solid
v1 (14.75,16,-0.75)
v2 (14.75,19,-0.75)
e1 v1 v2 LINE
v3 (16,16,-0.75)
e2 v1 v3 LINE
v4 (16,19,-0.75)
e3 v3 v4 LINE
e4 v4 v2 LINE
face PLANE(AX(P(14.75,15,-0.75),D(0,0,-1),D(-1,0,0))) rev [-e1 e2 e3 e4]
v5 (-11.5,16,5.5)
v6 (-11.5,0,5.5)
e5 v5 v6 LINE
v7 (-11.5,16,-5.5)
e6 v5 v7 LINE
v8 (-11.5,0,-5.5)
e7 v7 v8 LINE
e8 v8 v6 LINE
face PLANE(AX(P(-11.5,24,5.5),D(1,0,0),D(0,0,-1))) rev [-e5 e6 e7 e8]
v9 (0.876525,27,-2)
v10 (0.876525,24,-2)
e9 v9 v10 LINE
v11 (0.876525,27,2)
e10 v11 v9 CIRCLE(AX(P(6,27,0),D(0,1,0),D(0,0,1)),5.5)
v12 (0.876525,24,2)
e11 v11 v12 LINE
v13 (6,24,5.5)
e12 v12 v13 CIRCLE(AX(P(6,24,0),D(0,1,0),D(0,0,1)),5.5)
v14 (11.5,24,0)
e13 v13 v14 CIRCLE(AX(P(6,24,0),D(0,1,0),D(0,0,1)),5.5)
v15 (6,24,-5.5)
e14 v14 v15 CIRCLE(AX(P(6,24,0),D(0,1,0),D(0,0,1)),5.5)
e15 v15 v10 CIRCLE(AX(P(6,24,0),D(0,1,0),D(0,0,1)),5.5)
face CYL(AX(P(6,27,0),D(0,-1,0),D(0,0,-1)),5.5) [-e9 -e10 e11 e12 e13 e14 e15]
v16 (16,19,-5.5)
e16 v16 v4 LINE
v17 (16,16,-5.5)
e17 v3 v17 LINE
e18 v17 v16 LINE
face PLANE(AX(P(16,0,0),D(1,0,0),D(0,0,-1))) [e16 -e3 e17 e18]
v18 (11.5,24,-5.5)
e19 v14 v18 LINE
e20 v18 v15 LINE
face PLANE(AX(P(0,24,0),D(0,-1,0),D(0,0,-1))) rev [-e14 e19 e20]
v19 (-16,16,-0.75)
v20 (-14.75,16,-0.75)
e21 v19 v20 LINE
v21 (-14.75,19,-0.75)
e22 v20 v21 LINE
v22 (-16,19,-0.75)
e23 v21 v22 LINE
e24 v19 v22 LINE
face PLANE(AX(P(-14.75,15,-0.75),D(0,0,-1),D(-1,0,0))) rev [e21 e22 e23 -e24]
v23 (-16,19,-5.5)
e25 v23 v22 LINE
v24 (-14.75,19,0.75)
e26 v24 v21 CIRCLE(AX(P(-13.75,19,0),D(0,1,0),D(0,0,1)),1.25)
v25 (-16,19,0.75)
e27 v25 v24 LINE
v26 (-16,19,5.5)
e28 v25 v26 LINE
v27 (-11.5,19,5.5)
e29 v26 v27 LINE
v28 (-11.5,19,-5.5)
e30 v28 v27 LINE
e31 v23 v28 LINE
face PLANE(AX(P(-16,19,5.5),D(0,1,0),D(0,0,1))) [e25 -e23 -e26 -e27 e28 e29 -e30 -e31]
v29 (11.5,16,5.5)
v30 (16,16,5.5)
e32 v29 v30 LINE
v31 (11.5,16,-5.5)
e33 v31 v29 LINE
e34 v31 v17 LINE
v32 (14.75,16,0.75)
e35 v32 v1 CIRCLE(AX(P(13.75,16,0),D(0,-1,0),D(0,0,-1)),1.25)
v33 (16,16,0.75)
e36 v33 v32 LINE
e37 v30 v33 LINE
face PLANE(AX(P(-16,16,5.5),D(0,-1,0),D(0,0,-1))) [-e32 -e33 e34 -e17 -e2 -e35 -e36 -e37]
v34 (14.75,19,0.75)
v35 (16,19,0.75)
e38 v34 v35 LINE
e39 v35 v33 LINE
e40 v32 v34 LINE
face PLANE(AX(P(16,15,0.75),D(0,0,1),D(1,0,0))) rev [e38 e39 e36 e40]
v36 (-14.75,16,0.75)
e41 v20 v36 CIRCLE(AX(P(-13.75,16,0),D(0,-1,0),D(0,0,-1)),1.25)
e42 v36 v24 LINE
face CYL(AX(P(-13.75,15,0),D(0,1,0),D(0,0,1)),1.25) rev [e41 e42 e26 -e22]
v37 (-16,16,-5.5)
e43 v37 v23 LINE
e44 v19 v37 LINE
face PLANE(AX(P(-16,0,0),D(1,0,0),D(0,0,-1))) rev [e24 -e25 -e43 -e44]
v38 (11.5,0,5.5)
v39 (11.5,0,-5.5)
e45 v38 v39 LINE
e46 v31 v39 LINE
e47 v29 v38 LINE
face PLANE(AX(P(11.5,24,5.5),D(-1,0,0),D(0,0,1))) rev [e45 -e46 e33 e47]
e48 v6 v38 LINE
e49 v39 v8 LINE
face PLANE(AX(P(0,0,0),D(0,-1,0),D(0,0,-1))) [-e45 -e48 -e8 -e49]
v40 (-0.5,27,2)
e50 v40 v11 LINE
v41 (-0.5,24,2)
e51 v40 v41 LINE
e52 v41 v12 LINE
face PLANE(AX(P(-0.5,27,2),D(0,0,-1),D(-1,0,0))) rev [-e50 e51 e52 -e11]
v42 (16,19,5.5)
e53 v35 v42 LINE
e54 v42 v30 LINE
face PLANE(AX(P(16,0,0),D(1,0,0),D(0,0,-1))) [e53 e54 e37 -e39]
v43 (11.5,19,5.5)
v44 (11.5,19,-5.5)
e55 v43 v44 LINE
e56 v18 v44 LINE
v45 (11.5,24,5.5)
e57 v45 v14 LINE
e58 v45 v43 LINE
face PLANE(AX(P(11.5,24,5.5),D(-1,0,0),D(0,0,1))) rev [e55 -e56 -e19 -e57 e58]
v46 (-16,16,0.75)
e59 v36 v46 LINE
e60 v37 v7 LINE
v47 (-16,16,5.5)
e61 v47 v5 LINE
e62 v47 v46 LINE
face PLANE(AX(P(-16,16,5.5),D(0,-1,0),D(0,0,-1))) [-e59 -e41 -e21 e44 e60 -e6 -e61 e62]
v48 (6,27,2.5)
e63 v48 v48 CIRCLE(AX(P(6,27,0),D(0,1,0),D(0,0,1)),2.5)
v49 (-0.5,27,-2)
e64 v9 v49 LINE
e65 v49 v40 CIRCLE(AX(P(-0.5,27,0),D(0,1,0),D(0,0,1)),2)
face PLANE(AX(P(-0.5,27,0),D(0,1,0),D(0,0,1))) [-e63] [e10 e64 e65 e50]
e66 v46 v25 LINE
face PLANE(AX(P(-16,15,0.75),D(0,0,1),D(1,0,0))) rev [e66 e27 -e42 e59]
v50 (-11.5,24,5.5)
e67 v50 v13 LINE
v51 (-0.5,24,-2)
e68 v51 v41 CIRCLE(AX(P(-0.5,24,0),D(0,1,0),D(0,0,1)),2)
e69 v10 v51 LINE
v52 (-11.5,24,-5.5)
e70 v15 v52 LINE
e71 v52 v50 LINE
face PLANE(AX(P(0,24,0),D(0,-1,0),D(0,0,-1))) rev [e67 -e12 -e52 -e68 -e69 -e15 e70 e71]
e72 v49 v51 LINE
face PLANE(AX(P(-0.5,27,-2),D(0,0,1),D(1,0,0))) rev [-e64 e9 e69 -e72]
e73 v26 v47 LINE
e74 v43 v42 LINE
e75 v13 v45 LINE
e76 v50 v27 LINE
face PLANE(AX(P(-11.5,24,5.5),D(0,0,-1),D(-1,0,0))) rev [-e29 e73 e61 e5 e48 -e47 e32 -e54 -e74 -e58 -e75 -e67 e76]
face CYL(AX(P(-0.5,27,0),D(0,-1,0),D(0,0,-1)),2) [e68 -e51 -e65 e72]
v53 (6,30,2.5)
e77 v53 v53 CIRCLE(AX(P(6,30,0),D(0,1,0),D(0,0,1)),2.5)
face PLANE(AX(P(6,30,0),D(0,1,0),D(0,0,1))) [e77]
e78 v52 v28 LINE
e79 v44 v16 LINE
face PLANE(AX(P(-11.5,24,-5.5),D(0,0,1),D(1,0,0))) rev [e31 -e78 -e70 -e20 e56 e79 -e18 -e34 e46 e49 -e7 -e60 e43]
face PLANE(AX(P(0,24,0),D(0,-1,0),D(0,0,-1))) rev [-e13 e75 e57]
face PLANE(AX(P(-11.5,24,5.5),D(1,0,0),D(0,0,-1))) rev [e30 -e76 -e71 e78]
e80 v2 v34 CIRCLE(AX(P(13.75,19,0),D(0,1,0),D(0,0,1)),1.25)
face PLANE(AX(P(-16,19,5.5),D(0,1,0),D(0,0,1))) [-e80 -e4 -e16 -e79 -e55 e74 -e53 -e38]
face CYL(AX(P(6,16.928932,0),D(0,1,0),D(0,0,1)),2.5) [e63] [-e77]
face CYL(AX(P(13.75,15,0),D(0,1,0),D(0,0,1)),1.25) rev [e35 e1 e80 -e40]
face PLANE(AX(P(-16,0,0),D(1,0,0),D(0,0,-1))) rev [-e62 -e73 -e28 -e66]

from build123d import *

# Parameters (mm, degrees)
SKETCH1_W                = 23
SKETCH1_H                = 11
BOSS_EXTRUDE1_DEPTH      = 24
SKETCH2_W                = 11
SKETCH2_H                = 3
BOSS_EXTRUDE2_DEPTH      = 4.5
BOSS_EXTRUDE2_DEPTH_BACK = 27.5
SKETCH3_R                = 2.5
BOSS_EXTRUDE3_DEPTH      = 3
SKETCH4_R                = 2.5
BOSS_EXTRUDE4_DEPTH      = 3
BOSS_EXTRUDE4_DEPTH_BACK = 27
CUT_EXTRUDE1_DEPTH       = 4


with BuildPart() as part:
    # Sketch1 → Boss-Extrude1 (new body)
    with BuildSketch(Plane(origin=(0, 0, 0), x_dir=(1, 0, 0), z_dir=(0, 1, 0))):
        Rectangle(SKETCH1_W, SKETCH1_H)
    extrude(amount=BOSS_EXTRUDE1_DEPTH)

    # Sketch2 → Boss-Extrude2 (add, two sides)
    with BuildSketch(Plane(origin=(11.5, 0, 0), x_dir=(0, 0, -1), z_dir=(1, 0, 0))) as boss_extrude2_sk:
        with Locations((0, 17.5)):
            Rectangle(SKETCH2_W, SKETCH2_H)
    extrude(amount=BOSS_EXTRUDE2_DEPTH)
    extrude(boss_extrude2_sk.sketch, amount=-BOSS_EXTRUDE2_DEPTH_BACK)

    # Sketch3 → Boss-Extrude3 (add)
    with BuildSketch(Plane(origin=(0, 24, 0), x_dir=(1, 0, 0), z_dir=(0, 1, 0))):
        with BuildLine():
            Line((-0.5, 2), (0.876524617, 2))
            ThreePointArc((0.876524617, 2), (11.5, 0), (0.876524617, -2))
            Line((0.876524617, -2), (-0.5, -2))
            ThreePointArc((-0.5, -2), (-2.5, 0), (-0.5, 2))
        make_face()
        with Locations((6, 0)):
            Circle(SKETCH3_R, mode=Mode.SUBTRACT)
    extrude(amount=BOSS_EXTRUDE3_DEPTH)

    # Sketch4 → Boss-Extrude4 (add, two sides)
    with BuildSketch(Plane(origin=(0, 27, 0), x_dir=(1, 0, 0), z_dir=(0, 1, 0))) as boss_extrude4_sk:
        with Locations((6, 0)):
            Circle(SKETCH4_R)
    extrude(amount=BOSS_EXTRUDE4_DEPTH)
    extrude(boss_extrude4_sk.sketch, amount=-BOSS_EXTRUDE4_DEPTH_BACK)

    # Sketch5 → Cut-Extrude1 (cut)
    with BuildSketch(Plane(origin=(0, 19, 0), x_dir=(1, 0, 0), z_dir=(0, 1, 0))):
        with BuildLine():
            Line((-16, -0.75), (-14.75, -0.75))
            ThreePointArc((-14.75, -0.75), (-12.5, 0), (-14.75, 0.75))
            Line((-14.75, 0.75), (-16, 0.75))
            Line((-16, 0.75), (-16, -0.75))
        make_face()
        with BuildLine():
            Line((14.75, 0.75), (16, 0.75))
            Line((16, 0.75), (16, -0.75))
            Line((16, -0.75), (14.75, -0.75))
            ThreePointArc((14.75, -0.75), (12.5, 0), (14.75, 0.75))
        make_face()
    extrude(amount=-CUT_EXTRUDE1_DEPTH, mode=Mode.SUBTRACT)


solid = part.part
